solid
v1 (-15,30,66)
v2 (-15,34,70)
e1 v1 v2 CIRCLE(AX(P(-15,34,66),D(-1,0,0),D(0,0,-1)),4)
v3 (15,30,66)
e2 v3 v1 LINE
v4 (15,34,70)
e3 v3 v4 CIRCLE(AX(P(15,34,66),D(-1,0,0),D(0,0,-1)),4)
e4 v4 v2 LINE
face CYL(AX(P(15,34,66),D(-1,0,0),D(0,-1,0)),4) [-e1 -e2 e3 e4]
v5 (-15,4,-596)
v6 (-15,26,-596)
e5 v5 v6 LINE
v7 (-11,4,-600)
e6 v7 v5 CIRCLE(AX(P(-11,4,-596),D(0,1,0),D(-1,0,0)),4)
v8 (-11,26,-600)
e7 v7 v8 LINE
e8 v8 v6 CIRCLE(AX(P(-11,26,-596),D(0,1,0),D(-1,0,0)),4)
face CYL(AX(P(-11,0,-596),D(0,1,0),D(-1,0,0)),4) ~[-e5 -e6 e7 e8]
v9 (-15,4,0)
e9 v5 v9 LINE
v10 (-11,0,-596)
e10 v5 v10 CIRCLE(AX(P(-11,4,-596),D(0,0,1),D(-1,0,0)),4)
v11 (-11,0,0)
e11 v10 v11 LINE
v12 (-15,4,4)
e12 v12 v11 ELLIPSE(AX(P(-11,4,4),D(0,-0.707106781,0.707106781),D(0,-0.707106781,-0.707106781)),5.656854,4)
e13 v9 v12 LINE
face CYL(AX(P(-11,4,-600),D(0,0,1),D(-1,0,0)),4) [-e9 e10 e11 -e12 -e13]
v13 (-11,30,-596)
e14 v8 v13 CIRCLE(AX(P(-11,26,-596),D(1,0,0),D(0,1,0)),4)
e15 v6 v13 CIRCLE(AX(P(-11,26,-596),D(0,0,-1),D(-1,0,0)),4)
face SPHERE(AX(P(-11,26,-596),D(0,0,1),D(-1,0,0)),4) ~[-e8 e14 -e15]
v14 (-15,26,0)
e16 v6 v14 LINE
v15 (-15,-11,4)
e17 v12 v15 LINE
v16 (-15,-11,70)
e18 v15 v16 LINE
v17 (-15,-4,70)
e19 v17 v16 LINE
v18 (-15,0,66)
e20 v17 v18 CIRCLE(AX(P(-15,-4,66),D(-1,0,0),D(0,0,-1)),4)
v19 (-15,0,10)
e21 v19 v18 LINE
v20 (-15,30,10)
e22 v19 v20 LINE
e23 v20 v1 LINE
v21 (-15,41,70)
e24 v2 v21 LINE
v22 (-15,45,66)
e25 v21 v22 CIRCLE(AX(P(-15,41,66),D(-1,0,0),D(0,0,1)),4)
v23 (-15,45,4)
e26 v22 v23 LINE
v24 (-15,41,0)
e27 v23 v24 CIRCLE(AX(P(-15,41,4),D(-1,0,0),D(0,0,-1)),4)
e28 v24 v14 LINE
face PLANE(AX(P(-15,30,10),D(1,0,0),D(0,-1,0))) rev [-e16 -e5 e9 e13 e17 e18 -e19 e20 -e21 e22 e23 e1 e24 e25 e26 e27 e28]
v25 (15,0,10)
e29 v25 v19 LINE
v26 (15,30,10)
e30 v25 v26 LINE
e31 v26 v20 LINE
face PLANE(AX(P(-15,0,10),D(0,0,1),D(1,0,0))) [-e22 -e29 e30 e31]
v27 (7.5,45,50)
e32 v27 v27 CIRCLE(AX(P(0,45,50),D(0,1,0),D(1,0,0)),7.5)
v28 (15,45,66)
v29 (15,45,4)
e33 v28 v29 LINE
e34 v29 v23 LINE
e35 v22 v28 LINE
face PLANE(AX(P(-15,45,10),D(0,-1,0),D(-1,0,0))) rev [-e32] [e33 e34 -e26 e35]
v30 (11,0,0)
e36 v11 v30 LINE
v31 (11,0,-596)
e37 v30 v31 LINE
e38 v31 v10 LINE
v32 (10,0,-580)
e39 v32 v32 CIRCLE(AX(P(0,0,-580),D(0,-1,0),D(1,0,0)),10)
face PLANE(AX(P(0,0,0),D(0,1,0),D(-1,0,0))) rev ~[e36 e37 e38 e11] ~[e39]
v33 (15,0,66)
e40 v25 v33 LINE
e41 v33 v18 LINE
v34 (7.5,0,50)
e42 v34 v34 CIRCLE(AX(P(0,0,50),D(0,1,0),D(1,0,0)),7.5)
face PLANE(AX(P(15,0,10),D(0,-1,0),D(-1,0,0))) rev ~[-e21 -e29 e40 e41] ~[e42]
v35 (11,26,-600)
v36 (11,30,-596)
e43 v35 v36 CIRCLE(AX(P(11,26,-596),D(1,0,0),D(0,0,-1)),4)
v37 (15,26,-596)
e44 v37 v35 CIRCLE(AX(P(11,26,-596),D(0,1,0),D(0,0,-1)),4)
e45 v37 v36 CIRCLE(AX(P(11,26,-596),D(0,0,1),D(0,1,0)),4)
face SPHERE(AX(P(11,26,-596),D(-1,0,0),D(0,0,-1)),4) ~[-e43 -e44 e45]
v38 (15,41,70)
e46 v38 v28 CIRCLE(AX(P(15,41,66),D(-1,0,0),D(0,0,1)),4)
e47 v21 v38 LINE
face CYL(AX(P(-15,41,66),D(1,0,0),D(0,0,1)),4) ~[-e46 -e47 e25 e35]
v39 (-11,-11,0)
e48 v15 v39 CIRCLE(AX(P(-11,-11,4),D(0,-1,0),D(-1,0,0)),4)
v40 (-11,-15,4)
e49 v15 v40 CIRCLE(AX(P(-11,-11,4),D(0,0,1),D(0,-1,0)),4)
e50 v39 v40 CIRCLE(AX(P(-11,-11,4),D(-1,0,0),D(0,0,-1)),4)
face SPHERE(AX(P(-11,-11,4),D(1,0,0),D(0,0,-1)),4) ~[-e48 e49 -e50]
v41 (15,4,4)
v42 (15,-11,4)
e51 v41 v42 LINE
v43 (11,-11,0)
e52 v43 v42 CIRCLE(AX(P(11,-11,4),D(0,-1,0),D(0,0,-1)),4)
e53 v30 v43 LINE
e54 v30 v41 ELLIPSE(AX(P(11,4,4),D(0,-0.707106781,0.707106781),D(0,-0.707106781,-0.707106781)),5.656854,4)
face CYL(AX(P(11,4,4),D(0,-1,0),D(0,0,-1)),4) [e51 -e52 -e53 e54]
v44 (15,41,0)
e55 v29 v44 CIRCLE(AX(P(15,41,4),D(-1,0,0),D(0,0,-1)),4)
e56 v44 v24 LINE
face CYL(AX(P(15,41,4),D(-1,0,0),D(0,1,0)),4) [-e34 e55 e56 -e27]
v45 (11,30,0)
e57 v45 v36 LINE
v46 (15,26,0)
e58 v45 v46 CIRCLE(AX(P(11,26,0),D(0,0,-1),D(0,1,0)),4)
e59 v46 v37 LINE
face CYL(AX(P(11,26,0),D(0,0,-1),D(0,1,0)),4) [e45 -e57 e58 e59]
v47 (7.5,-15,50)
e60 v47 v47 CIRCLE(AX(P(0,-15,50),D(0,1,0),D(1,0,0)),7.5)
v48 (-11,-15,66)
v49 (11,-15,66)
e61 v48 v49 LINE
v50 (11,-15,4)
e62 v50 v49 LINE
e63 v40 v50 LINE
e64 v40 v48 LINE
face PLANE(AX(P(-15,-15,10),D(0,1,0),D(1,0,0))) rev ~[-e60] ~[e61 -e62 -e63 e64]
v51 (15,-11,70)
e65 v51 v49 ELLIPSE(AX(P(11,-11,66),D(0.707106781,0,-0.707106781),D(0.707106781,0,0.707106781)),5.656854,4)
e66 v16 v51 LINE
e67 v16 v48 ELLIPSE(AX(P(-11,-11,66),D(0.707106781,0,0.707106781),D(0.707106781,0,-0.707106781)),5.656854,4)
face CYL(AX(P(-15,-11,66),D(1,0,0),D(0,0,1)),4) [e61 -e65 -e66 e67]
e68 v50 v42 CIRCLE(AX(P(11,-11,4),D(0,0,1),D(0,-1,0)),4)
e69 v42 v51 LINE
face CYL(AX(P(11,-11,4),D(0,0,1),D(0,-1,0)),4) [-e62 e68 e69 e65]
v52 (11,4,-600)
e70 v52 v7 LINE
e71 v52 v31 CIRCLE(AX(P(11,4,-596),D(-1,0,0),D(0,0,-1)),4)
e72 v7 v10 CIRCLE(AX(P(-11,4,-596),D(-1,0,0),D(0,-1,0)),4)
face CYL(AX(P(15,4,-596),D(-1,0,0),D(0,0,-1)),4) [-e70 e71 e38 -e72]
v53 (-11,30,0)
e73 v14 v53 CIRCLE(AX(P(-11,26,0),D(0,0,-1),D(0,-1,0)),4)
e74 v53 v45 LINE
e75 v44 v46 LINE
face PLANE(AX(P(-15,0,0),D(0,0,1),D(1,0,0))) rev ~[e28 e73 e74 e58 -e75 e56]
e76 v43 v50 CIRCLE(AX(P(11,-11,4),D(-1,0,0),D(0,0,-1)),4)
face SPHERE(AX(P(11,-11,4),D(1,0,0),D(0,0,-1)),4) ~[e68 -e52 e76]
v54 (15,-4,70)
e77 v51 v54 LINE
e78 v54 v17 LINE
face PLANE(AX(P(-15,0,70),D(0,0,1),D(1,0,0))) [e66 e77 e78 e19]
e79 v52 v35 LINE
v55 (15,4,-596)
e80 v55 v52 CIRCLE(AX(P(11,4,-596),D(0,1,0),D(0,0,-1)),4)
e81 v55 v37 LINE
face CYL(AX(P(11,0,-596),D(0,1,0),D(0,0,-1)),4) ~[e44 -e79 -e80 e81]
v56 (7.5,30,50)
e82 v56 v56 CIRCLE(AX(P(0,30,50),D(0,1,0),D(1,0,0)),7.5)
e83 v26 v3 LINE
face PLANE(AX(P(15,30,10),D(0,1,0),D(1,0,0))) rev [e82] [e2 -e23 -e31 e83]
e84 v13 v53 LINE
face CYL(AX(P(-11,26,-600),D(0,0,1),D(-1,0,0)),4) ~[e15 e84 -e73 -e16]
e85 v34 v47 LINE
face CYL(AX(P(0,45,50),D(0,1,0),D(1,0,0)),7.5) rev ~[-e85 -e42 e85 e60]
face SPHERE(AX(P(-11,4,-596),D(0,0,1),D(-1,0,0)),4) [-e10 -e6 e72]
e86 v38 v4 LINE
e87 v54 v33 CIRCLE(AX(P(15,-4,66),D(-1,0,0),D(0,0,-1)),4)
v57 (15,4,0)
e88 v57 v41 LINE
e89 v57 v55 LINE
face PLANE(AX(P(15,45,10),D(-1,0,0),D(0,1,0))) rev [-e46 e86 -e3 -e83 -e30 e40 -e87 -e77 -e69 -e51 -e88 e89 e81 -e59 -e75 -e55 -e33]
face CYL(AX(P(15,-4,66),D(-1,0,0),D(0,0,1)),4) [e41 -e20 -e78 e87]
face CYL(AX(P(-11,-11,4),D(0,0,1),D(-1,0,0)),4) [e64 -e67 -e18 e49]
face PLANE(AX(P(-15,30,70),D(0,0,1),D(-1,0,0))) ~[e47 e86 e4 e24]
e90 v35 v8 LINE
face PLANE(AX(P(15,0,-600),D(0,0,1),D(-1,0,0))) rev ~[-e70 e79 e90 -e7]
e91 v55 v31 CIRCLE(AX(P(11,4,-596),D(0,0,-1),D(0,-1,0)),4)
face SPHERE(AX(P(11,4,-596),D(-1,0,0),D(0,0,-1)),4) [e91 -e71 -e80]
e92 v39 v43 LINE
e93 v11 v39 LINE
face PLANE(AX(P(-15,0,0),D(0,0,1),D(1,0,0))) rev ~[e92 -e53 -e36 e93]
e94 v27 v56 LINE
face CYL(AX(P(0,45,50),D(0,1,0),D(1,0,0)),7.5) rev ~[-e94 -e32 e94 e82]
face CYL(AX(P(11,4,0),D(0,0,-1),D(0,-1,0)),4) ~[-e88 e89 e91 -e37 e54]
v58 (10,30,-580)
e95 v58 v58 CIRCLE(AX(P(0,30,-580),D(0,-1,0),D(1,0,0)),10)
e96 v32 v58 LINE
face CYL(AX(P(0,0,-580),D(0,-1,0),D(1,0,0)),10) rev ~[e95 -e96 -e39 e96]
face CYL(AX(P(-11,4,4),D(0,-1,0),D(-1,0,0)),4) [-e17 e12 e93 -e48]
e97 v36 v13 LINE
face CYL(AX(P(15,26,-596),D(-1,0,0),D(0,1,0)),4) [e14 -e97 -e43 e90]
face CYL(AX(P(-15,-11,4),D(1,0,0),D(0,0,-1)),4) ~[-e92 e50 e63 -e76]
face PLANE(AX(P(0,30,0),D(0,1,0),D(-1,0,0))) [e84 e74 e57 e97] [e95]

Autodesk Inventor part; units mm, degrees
ref_plane "YZ Plane" through (0, 0, 0) normal (1, 0, 0) x (0, 1, 0)
ref_plane "XY Plane" through (0, 0, 0) normal (0, 0, 1) x (1, 0, 0)
sketch "Szkic1" plane through (0, 0, 0) normal (0, 1, 0) x (-1, 0, 0)
  line L0 (15, 0) -> (-15, 0)
  line L1 (-15, 0) -> (-15, -600)
  line L2 (-15, -600) -> (15, -600)
  line L3 (15, -600) -> (15, 0)
  point P0 (0, 0)
  point P1 (0, 0)
  dimension "d0" = 30
  dimension "d1" = 600
extrude "Wyciągnięcie proste1" add sketch "Szkic1" along normal blind 30
sketch "Szkic2" plane through (-15, 0, 0) normal (0, 0, 1) x (1, 0, 0)
  line L0 (0, 0) -> (0, 30) projected
  line L1 (0, 0) -> (30, 0) projected
  line L2 (30, 0) -> (30, 30) projected
  line L3 (0, 30) -> (30, 30) projected
  line L4 (0, 0) -> (0, 30) projected
  line L5 (0, -15) -> (30, -15)
  line L6 (30, -15) -> (30, 45)
  line L7 (30, 45) -> (0, 45)
  line L8 (0, 45) -> (0, -15)
  point P0 (15, 0)
  point P1 (0, 15)
  point P2 (0, 15)
  dimension "d4" = 60
  dimension "d5" = 30
extrude "Wyciągnięcie proste2" add sketch "Szkic2" along normal blind 10
sketch "Szkic3" plane through (-15, 0, 10) normal (0, 0, 1) x (1, 0, 0)
  line L0 (0, -15) -> (30, -15) projected
  line L1 (30, -15) -> (30, 45) projected
  line L2 (0, -15) -> (30, -15)
  line L3 (30, -15) -> (30, 0)
  line L4 (30, 0) -> (0, 0)
  line L5 (0, 0) -> (0, -15)
  point P0 (15, 0)
extrude "Wyciągnięcie proste3" add sketch "Szkic3" along normal blind 60
ref_plane "Płaszczyzna konstrukcyjna1" through (0, 15, 0) normal (0, 1, 0) x (-1, 0, 0)
mirror "Odbicie lustrzane1" about plane through (0, 15, 0) normal (0, 1, 0) of "Wyciągnięcie proste3"
sketch "Szkic4" plane through (0, 15, 0) normal (0, 1, 0) x (-1, 0, 0)
  point P0 (0, 0)
sketch "Szkic5" plane through (-15, 45, 0) normal (0, 1, 0) x (1, 0, 0)
  line L0 (0, -70) -> (30, -70) projected
  line L1 (30, 0) -> (30, -70) projected
  circle A0 centre (15, -50) radius 7.5
  point P0 (15, 0)
  dimension "d11" = 15
  dimension "d12" = 20
  dimension "d13" = 15
extrude "Wyciągnięcie proste4" cut sketch "Szkic5" against normal through all
fillet "Zaokrąglenie1" radius 4 12 edges at (0, 45, 0) (0, 45, 70) (0, 0, 70) (-15, 0, -300) (-15, 30, -300) (-15, 15, -600) (0, 0, -600) (0, 30, -600) (15, 15, -600) (15, 0, -300) (15, 30, -300) (0, -15, 0)
sketch "Szkic6" plane through (0, 0, 0) normal (0, -1, 0) x (1, 0, 0)
  circle A0 centre (0, -580) radius 10
  line L0 (-11, -600) -> (11, -600) projected
  line L1 (-15, 0) -> (-15, -596) projected
  point P0 (0, 0)
  dimension "d17" = 20
  dimension "d18" = 20
  dimension "d19" = 15
extrude "Wyciągnięcie proste5" cut sketch "Szkic6" against normal through all
fillet "Zaokrąglenie2" radius 4 3 edges at (0, -15, 70) (15, -3.5, 0) (-15, -3.5, 0)
fillet "Zaokrąglenie3" radius 4 1 edges at (0, 30, 70)
properties part number "2" material "Złote"
